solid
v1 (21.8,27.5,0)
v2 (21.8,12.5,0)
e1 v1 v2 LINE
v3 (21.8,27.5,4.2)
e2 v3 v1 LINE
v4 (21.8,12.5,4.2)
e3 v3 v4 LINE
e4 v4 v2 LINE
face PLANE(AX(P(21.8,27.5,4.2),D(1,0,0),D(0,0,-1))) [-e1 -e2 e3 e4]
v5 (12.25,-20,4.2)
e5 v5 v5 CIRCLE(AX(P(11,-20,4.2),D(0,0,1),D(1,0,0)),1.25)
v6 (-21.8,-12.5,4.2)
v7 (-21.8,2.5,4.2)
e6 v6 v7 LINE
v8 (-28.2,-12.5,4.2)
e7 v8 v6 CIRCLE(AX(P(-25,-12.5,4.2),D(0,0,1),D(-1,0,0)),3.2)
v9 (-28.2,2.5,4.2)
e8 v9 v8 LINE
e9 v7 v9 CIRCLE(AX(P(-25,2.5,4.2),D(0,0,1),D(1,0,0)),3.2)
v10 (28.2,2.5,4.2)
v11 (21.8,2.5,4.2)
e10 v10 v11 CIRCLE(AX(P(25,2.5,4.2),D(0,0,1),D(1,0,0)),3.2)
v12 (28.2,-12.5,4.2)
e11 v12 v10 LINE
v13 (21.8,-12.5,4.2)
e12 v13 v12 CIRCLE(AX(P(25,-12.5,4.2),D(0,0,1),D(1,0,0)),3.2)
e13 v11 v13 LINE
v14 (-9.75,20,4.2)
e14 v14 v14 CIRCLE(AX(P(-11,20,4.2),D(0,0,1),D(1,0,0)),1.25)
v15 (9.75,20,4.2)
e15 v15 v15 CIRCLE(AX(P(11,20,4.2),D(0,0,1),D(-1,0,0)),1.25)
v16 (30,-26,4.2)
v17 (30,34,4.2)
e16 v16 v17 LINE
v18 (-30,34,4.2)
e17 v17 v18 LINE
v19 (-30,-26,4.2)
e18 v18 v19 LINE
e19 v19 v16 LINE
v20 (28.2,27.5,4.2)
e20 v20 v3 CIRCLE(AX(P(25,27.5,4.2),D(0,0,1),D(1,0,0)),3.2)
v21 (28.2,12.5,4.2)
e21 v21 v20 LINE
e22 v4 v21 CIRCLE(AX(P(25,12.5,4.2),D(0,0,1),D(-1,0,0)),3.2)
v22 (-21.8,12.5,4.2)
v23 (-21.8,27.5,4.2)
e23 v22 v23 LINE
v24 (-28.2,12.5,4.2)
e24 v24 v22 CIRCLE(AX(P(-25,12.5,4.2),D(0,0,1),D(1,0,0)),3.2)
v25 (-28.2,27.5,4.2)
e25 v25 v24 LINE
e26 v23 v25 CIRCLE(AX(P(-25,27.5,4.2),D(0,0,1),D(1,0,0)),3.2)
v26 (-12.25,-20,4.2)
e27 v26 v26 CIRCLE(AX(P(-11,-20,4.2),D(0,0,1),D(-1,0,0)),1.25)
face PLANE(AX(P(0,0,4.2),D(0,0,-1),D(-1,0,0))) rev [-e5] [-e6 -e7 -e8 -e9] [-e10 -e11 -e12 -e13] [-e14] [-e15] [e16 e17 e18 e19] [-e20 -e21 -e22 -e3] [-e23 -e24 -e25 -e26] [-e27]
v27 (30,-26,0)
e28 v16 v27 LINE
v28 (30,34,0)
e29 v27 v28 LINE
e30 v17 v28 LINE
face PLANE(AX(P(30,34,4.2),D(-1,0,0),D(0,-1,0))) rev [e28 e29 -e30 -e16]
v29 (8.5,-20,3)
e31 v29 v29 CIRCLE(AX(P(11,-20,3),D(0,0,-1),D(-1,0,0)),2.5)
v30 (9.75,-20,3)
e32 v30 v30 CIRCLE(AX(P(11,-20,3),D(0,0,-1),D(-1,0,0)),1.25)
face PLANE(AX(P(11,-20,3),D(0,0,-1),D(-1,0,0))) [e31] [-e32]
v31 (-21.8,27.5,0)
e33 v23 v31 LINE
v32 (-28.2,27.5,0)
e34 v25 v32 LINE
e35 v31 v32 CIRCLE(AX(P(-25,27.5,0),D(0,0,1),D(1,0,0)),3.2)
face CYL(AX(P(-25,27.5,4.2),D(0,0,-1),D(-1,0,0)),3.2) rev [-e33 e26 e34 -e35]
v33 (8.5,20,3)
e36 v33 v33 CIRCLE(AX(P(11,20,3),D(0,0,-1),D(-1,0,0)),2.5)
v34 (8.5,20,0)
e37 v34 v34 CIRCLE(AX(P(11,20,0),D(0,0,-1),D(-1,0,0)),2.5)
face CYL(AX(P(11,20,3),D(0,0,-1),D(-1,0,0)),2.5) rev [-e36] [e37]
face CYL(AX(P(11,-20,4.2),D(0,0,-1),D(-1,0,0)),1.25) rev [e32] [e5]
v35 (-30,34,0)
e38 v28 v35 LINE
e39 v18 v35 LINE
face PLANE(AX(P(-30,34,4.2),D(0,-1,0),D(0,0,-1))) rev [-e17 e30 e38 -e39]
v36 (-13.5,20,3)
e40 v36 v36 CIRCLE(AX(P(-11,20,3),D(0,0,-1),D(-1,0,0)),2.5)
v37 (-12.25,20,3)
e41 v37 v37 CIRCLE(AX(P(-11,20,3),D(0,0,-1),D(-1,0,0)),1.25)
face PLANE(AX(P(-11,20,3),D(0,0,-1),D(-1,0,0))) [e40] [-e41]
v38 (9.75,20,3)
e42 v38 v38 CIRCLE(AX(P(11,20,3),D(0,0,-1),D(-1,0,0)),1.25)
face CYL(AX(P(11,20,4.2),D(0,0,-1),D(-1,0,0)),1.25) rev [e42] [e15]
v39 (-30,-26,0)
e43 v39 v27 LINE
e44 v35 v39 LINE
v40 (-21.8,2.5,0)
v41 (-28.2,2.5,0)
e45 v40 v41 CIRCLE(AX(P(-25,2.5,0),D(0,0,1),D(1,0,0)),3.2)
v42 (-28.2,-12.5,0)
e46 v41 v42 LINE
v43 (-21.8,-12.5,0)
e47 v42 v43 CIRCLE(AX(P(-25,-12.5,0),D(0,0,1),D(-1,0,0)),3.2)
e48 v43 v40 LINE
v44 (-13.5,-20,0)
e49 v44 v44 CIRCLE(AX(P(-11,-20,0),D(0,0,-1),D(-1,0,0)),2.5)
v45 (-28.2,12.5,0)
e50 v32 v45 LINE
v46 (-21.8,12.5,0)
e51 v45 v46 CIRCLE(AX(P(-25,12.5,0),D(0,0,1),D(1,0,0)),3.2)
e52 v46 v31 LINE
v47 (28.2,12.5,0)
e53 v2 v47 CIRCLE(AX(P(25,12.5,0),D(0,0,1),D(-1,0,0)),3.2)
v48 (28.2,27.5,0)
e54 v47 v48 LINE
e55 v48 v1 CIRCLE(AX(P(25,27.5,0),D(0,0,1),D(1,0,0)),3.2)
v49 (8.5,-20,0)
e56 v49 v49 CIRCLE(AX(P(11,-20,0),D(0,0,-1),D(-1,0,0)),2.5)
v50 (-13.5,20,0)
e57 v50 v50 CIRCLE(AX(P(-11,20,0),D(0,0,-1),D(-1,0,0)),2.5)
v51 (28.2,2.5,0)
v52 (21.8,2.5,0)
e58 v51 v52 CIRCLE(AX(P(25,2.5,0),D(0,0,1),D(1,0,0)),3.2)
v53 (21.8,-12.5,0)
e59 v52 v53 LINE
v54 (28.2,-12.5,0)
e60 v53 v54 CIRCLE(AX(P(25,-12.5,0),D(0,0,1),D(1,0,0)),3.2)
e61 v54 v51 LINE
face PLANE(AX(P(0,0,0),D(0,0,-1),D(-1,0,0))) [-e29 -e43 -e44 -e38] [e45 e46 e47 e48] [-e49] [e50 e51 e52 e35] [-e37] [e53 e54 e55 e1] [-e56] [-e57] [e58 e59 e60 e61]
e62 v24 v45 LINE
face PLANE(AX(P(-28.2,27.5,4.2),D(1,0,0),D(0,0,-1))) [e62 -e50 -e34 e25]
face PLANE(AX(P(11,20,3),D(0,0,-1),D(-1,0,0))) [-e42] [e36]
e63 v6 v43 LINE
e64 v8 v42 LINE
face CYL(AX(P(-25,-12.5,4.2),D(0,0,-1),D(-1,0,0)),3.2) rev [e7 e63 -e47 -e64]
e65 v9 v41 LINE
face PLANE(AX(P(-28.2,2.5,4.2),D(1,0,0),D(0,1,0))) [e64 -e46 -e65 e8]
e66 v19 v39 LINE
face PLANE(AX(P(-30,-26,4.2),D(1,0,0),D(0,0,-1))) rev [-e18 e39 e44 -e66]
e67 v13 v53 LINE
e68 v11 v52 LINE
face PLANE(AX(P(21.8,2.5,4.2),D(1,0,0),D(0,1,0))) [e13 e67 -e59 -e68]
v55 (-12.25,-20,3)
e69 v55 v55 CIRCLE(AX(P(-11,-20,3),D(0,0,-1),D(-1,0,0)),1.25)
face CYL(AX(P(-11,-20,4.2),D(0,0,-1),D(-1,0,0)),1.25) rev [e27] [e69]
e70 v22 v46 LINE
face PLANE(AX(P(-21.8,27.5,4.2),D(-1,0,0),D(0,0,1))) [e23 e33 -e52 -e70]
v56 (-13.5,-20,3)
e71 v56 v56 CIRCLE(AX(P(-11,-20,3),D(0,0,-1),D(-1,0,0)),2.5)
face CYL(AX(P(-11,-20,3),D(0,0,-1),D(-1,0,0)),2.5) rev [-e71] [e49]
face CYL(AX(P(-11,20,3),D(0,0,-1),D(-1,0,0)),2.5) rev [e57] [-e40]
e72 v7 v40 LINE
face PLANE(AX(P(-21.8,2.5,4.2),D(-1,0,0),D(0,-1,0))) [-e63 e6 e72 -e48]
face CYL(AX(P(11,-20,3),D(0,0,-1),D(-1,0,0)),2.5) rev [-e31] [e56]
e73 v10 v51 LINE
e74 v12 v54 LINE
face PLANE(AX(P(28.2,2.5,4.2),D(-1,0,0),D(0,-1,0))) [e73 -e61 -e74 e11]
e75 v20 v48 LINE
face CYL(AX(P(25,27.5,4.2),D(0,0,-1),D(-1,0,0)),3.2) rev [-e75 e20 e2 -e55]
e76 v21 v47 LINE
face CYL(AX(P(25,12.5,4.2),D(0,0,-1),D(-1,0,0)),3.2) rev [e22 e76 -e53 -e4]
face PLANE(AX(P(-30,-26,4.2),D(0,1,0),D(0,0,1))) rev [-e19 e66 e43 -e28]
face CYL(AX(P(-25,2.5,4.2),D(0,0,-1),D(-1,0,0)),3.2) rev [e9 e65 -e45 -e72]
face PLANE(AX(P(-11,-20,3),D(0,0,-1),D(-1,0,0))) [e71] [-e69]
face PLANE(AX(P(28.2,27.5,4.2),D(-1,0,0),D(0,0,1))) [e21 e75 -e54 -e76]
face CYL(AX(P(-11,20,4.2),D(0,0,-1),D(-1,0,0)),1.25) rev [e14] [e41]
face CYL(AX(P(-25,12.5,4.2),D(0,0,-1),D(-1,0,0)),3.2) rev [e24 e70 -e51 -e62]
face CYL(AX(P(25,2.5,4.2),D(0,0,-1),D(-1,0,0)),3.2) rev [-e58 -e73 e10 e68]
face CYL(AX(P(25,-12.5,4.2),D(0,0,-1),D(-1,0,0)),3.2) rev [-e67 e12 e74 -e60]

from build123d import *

# Parameters (mm, degrees)
SKETCH_1_W          = 60
SKETCH_1_H          = 60
SKETCH_1_R          = 1.25
EXTRUDE_1_DEPTH     = 4.2
SKETCH_3_R          = 2.5
CUT_EXTRUDE_2_DEPTH = 3


with BuildPart() as part:
    # 스케치1 → 보스-돌출1 (new body)
    with BuildSketch(Plane.XY):
        with Locations((0, 4)):
            Rectangle(SKETCH_1_W, SKETCH_1_H)
        with Locations((-11, 20)):
            Circle(SKETCH_1_R, mode=Mode.SUBTRACT)
        with Locations(Location((-11, -20, 0), (0, 0, 180))):
            Circle(SKETCH_1_R, mode=Mode.SUBTRACT)
        with Locations((11, -20)):
            Circle(SKETCH_1_R, mode=Mode.SUBTRACT)
        with Locations(Location((11, 20, 0), (0, 0, 180))):
            Circle(SKETCH_1_R, mode=Mode.SUBTRACT)
        with BuildLine():
            Line((-28.2, 27.5), (-28.2, 12.5))
            ThreePointArc((-28.2, 12.5), (-25, 9.3), (-21.8, 12.5))
            Line((-21.8, 12.5), (-21.8, 27.5))
            ThreePointArc((-21.8, 27.5), (-25, 30.7), (-28.2, 27.5))
        make_face(mode=Mode.SUBTRACT)
        with BuildLine():
            Line((-28.2, 2.5), (-28.2, -12.5))
            ThreePointArc((-28.2, -12.5), (-25, -15.7), (-21.8, -12.5))
            Line((-21.8, -12.5), (-21.8, 2.5))
            ThreePointArc((-21.8, 2.5), (-25, 5.7), (-28.2, 2.5))
        make_face(mode=Mode.SUBTRACT)
        with BuildLine():
            Line((21.8, 27.5), (21.8, 12.5))
            ThreePointArc((21.8, 12.5), (25, 9.3), (28.2, 12.5))
            Line((28.2, 12.5), (28.2, 27.5))
            ThreePointArc((28.2, 27.5), (25, 30.7), (21.8, 27.5))
        make_face(mode=Mode.SUBTRACT)
        with BuildLine():
            Line((21.8, 2.5), (21.8, -12.5))
            ThreePointArc((21.8, -12.5), (25, -15.7), (28.2, -12.5))
            Line((28.2, -12.5), (28.2, 2.5))
            ThreePointArc((28.2, 2.5), (25, 5.7), (21.8, 2.5))
        make_face(mode=Mode.SUBTRACT)
    extrude(amount=EXTRUDE_1_DEPTH)

    # 스케치3 → 컷-돌출2 (cut)
    with BuildSketch(Plane(origin=(0, 0, 0), x_dir=(-1, 0, 0), z_dir=(0, 0, -1))):
        with Locations((-11, 20)):
            Circle(SKETCH_3_R)
        with Locations((11, 20)):
            Circle(SKETCH_3_R)
        with Locations((-11, -20)):
            Circle(SKETCH_3_R)
        with Locations((11, -20)):
            Circle(SKETCH_3_R)
    extrude(amount=-CUT_EXTRUDE_2_DEPTH, mode=Mode.SUBTRACT)


solid = part.part
